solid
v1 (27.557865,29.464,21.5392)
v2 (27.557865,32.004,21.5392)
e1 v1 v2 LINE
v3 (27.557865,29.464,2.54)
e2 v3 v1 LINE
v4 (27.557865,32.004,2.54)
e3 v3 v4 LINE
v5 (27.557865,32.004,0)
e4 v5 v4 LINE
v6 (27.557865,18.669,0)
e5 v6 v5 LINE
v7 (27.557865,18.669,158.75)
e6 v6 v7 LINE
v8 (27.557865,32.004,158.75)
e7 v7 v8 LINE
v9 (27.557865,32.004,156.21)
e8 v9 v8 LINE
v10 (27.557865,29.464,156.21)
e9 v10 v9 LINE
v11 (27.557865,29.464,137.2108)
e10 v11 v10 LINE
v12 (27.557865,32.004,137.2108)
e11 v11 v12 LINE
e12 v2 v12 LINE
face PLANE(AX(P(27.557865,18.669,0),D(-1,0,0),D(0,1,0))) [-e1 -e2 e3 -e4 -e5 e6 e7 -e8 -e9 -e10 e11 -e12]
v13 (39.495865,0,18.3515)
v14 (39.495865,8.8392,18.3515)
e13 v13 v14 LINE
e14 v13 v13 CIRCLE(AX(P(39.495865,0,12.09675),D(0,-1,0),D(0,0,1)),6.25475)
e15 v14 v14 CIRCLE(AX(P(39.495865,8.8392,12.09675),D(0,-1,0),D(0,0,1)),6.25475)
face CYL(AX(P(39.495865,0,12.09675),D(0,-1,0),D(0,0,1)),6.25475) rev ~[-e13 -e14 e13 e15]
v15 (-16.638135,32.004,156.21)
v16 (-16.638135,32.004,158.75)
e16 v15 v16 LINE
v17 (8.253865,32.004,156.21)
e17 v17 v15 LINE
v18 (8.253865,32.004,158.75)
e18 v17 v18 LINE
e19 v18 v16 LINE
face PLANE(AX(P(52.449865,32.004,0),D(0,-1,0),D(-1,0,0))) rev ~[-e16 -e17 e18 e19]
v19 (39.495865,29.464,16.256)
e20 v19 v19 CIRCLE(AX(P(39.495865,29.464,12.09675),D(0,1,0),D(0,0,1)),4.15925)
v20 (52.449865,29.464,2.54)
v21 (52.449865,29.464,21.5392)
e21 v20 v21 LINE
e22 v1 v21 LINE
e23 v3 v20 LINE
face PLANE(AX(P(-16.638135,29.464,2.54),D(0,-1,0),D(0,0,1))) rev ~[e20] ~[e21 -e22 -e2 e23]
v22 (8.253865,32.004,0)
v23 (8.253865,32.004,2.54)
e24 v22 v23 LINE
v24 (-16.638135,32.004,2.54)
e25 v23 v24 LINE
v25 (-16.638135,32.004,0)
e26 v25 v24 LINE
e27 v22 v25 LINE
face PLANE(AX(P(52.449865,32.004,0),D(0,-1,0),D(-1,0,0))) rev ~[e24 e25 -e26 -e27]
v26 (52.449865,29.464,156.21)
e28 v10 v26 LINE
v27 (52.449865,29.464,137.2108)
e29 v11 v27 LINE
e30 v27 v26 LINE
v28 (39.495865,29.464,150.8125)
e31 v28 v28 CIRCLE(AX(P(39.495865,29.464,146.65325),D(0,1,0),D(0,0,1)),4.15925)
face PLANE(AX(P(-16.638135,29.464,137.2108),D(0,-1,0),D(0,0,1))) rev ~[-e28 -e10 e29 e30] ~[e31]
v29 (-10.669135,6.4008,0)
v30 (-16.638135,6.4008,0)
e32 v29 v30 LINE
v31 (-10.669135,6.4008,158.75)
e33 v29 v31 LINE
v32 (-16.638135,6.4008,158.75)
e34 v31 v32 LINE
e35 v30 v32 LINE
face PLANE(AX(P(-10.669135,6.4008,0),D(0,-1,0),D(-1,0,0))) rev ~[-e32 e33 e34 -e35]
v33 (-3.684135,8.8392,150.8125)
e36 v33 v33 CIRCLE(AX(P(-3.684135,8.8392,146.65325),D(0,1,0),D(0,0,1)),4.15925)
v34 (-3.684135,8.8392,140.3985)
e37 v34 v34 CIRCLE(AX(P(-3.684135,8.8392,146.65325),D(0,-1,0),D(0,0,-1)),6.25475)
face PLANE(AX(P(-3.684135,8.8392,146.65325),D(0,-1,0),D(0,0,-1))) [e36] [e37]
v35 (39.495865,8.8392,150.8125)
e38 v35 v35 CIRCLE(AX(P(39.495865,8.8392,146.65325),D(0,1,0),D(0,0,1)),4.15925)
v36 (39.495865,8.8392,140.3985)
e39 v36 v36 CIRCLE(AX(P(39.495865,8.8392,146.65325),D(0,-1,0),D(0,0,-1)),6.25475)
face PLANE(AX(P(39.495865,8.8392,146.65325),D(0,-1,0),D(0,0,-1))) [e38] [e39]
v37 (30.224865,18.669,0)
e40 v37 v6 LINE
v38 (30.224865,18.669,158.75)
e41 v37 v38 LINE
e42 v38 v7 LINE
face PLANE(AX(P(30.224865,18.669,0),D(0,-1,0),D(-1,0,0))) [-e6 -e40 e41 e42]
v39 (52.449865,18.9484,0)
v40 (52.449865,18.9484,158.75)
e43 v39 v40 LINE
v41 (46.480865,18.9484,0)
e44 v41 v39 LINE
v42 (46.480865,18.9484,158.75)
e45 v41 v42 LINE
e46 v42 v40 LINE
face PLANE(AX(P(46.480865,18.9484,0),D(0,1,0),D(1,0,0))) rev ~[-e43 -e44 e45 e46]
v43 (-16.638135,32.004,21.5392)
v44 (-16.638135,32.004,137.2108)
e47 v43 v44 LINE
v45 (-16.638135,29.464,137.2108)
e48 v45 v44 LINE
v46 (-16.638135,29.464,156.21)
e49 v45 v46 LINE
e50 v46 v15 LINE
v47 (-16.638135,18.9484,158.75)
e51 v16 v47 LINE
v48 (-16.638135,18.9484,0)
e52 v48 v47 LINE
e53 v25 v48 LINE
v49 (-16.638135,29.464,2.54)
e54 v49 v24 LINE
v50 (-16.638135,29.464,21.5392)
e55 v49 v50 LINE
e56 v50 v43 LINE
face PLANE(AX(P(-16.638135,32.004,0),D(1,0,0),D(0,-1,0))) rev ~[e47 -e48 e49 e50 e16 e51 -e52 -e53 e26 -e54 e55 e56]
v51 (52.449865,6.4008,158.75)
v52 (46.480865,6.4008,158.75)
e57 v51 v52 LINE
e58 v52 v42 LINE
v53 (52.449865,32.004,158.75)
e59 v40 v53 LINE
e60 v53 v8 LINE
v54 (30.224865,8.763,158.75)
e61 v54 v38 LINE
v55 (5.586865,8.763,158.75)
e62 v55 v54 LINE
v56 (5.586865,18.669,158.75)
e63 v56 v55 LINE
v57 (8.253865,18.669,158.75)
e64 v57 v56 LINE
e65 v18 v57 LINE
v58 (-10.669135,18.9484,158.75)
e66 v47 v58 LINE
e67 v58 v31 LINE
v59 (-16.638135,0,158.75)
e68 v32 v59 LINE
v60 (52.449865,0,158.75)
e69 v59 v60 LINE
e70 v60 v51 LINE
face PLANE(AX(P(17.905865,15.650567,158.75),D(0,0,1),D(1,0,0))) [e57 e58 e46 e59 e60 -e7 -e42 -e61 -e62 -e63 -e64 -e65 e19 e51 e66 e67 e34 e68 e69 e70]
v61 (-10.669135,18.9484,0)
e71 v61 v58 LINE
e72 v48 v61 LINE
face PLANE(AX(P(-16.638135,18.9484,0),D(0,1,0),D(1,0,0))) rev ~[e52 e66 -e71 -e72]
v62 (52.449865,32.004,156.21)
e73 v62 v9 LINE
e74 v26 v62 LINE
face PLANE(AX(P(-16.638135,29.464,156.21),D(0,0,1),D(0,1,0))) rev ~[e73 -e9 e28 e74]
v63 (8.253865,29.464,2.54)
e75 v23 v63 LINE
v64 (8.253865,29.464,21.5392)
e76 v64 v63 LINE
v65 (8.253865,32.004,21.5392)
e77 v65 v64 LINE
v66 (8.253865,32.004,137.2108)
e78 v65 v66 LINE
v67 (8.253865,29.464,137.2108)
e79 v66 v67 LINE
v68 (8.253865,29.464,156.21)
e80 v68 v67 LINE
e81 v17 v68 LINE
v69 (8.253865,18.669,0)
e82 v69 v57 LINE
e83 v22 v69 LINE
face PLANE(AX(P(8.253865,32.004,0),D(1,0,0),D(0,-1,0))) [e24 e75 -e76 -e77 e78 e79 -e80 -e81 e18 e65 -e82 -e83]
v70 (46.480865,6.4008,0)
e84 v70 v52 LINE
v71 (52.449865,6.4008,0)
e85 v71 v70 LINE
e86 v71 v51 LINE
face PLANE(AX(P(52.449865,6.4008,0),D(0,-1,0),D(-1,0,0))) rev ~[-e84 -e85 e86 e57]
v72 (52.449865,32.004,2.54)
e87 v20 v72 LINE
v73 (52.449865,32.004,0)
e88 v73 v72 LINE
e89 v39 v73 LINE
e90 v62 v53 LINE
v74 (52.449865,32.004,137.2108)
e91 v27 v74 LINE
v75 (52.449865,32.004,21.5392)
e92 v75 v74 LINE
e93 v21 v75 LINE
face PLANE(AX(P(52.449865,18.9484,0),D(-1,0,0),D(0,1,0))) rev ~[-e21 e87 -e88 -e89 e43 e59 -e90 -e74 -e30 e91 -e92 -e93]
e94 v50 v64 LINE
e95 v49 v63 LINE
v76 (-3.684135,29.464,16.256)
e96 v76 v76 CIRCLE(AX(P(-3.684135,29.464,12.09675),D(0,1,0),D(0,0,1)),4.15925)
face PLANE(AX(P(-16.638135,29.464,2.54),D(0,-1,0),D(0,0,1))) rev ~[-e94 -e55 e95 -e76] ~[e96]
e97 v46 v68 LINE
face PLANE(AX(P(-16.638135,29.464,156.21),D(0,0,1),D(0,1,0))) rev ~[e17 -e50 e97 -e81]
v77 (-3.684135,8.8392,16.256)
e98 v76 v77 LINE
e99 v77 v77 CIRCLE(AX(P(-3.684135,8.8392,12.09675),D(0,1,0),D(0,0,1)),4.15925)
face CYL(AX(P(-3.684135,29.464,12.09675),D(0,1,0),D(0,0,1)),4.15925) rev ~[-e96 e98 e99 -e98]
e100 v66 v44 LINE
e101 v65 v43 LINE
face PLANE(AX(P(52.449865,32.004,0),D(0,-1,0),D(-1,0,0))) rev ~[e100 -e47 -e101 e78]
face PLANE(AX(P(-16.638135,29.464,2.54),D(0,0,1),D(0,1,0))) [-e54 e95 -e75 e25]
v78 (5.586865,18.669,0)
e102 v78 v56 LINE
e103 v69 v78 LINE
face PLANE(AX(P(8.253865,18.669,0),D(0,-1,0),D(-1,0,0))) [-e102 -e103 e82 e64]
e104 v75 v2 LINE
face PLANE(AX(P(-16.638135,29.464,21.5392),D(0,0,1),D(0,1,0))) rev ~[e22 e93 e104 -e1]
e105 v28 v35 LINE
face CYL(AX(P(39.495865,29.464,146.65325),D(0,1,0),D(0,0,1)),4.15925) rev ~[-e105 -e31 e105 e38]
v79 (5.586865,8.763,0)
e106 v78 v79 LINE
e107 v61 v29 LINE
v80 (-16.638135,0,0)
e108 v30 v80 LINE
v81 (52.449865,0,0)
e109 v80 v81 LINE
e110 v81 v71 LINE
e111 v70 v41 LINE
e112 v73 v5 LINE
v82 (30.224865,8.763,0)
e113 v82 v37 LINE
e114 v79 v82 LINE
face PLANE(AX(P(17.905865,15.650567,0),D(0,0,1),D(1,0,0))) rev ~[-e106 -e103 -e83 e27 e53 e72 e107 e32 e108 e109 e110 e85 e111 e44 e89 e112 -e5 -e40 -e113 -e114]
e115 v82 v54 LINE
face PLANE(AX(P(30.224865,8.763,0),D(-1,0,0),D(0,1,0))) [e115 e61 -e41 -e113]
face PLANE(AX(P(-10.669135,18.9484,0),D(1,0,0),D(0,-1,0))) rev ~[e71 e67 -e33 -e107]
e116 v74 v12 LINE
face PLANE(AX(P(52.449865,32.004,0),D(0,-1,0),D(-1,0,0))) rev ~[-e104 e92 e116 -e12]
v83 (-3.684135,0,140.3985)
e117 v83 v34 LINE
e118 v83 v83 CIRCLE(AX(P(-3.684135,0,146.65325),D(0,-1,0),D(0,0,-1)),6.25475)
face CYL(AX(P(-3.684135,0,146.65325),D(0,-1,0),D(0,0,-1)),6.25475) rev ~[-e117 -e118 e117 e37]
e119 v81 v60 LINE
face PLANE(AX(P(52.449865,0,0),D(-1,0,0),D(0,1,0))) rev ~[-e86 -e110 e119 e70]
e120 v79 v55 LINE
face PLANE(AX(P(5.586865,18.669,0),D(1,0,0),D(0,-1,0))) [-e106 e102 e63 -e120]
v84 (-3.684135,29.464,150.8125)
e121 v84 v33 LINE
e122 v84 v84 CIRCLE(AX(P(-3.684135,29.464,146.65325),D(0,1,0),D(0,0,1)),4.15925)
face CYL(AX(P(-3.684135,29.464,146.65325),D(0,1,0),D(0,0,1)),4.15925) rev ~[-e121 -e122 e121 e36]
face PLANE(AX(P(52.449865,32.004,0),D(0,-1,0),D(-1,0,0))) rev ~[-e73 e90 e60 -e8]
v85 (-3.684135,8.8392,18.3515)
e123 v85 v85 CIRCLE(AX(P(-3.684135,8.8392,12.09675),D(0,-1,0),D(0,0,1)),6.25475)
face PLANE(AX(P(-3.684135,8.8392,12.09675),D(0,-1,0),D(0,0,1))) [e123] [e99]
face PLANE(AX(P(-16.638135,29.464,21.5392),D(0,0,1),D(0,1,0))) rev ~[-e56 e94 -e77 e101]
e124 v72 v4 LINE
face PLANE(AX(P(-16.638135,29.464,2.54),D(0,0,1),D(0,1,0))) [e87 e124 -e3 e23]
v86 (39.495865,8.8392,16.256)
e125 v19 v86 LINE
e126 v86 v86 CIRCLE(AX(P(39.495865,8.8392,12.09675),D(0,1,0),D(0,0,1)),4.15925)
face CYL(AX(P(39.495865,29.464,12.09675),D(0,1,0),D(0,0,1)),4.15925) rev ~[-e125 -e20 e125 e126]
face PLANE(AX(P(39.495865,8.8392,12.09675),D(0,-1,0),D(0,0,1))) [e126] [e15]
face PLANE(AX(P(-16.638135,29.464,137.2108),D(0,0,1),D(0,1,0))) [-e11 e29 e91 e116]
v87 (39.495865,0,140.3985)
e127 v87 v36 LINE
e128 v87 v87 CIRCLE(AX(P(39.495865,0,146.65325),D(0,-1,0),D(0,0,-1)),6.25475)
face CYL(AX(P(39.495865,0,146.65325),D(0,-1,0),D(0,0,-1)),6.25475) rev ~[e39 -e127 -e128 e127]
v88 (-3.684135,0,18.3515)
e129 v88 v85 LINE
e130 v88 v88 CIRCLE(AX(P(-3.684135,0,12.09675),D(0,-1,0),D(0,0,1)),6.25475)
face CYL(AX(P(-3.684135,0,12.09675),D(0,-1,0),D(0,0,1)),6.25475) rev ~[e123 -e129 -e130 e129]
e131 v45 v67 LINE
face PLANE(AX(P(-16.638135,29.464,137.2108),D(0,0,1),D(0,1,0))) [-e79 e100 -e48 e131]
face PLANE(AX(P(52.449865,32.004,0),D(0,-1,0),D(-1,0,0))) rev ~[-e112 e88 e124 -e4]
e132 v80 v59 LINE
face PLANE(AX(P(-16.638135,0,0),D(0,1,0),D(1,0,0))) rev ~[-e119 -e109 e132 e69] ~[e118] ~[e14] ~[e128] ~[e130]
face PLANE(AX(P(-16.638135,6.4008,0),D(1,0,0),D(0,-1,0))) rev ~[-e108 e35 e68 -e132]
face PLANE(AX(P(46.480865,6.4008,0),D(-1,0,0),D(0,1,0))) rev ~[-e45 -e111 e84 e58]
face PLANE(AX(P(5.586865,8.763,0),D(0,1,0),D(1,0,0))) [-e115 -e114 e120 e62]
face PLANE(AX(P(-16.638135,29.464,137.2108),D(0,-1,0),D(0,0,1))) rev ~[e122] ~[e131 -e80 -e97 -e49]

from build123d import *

# Parameters (mm, degrees)
EXTRUDE1_DEPTH     = 158.75
SKETCH2_W          = 18.9992
SKETCH2_H          = 9.56647298
CUT_EXTRUDE1_DEPTH = 158.75
SKETCH3_R          = 4.15925
CUT_EXTRUDE2_DEPTH = 158.75
SKETCH4_R          = 6.25475
CUT_EXTRUDE3_DEPTH = 8.8392
EXTRUDE2_REACH     = 172.226


with BuildPart() as part:
    # Sketch1 → Extrude1 (new body)
    with BuildSketch(Plane.XY):
        Polygon((-16.638134778, 6.4008), (-16.638134778, 0), (52.449865222, 0), (52.449865222, 6.4008), (46.480865222, 6.4008), (46.480865222, 18.9484), (52.449865222, 18.9484), (52.449865222, 32.004), (-16.638134778, 32.004), (-16.638134778, 18.9484), (-10.669134778, 18.9484), (-10.669134778, 6.4008), align=None)
    extrude(amount=EXTRUDE1_DEPTH)

    # Sketch2 → Cut-Extrude1 (cut)
    with BuildSketch(Plane.ZY.offset(16.638134778)):
        with Locations((12.0396, 34.24723649)):
            Rectangle(SKETCH2_W, SKETCH2_H)
        with Locations((146.7104, 34.24723649)):
            Rectangle(SKETCH2_W, SKETCH2_H)
    extrude(amount=-CUT_EXTRUDE1_DEPTH, mode=Mode.SUBTRACT)

    # Sketch3 → Cut-Extrude2 (cut)
    with BuildSketch(Plane(origin=(0, 29.464, 0), x_dir=(-1, 0, 0), z_dir=(0, 1, 0))):
        with Locations(Location((3.684134778, 12.09675, 0), (0, 0, 90))):
            Circle(SKETCH3_R)
        with Locations(Location((-39.495865222, 12.09675, 0), (0, 0, 90))):
            Circle(SKETCH3_R)
        with Locations(Location((-39.495865222, 146.65325, 0), (0, 0, 90))):
            Circle(SKETCH3_R)
        with Locations(Location((3.684134778, 146.65325, 0), (0, 0, 90))):
            Circle(SKETCH3_R)
    extrude(amount=-CUT_EXTRUDE2_DEPTH, mode=Mode.SUBTRACT)

    # Sketch4 → Cut-Extrude3 (cut)
    with BuildSketch(Plane.XZ):
        with Locations(Location((-3.684134778, 146.65325, 0), (0, 0, 270))):
            Circle(SKETCH4_R)
        with Locations(Location((39.495865222, 146.65325, 0), (0, 0, 270))):
            Circle(SKETCH4_R)
        with Locations(Location((39.495865222, 12.09675, 0), (0, 0, 90))):
            Circle(SKETCH4_R)
        with Locations(Location((-3.684134778, 12.09675, 0), (0, 0, 90))):
            Circle(SKETCH4_R)
    extrude(amount=-CUT_EXTRUDE3_DEPTH, mode=Mode.SUBTRACT)

    # Sketch5 → Extrude2 (cut, up to next)
    with BuildSketch(Plane.XY, mode=Mode.PRIVATE) as extrude2_sk1:
        Polygon((8.253865222, 18.669), (5.586865222, 18.669), (5.586865222, 8.763), (30.224865222, 8.763), (30.224865222, 18.669), (27.557865222, 18.669), (27.557865222, 32.004), (8.253865222, 32.004), align=None)
    extrude2_tool1 = extrude(extrude2_sk1.sketch, amount=EXTRUDE2_REACH, mode=Mode.PRIVATE) & part.part
    add(extrude2_tool1.solids().sort_by_distance((17.905865, 19.680981, 0))[0], mode=Mode.SUBTRACT)


solid = part.part
